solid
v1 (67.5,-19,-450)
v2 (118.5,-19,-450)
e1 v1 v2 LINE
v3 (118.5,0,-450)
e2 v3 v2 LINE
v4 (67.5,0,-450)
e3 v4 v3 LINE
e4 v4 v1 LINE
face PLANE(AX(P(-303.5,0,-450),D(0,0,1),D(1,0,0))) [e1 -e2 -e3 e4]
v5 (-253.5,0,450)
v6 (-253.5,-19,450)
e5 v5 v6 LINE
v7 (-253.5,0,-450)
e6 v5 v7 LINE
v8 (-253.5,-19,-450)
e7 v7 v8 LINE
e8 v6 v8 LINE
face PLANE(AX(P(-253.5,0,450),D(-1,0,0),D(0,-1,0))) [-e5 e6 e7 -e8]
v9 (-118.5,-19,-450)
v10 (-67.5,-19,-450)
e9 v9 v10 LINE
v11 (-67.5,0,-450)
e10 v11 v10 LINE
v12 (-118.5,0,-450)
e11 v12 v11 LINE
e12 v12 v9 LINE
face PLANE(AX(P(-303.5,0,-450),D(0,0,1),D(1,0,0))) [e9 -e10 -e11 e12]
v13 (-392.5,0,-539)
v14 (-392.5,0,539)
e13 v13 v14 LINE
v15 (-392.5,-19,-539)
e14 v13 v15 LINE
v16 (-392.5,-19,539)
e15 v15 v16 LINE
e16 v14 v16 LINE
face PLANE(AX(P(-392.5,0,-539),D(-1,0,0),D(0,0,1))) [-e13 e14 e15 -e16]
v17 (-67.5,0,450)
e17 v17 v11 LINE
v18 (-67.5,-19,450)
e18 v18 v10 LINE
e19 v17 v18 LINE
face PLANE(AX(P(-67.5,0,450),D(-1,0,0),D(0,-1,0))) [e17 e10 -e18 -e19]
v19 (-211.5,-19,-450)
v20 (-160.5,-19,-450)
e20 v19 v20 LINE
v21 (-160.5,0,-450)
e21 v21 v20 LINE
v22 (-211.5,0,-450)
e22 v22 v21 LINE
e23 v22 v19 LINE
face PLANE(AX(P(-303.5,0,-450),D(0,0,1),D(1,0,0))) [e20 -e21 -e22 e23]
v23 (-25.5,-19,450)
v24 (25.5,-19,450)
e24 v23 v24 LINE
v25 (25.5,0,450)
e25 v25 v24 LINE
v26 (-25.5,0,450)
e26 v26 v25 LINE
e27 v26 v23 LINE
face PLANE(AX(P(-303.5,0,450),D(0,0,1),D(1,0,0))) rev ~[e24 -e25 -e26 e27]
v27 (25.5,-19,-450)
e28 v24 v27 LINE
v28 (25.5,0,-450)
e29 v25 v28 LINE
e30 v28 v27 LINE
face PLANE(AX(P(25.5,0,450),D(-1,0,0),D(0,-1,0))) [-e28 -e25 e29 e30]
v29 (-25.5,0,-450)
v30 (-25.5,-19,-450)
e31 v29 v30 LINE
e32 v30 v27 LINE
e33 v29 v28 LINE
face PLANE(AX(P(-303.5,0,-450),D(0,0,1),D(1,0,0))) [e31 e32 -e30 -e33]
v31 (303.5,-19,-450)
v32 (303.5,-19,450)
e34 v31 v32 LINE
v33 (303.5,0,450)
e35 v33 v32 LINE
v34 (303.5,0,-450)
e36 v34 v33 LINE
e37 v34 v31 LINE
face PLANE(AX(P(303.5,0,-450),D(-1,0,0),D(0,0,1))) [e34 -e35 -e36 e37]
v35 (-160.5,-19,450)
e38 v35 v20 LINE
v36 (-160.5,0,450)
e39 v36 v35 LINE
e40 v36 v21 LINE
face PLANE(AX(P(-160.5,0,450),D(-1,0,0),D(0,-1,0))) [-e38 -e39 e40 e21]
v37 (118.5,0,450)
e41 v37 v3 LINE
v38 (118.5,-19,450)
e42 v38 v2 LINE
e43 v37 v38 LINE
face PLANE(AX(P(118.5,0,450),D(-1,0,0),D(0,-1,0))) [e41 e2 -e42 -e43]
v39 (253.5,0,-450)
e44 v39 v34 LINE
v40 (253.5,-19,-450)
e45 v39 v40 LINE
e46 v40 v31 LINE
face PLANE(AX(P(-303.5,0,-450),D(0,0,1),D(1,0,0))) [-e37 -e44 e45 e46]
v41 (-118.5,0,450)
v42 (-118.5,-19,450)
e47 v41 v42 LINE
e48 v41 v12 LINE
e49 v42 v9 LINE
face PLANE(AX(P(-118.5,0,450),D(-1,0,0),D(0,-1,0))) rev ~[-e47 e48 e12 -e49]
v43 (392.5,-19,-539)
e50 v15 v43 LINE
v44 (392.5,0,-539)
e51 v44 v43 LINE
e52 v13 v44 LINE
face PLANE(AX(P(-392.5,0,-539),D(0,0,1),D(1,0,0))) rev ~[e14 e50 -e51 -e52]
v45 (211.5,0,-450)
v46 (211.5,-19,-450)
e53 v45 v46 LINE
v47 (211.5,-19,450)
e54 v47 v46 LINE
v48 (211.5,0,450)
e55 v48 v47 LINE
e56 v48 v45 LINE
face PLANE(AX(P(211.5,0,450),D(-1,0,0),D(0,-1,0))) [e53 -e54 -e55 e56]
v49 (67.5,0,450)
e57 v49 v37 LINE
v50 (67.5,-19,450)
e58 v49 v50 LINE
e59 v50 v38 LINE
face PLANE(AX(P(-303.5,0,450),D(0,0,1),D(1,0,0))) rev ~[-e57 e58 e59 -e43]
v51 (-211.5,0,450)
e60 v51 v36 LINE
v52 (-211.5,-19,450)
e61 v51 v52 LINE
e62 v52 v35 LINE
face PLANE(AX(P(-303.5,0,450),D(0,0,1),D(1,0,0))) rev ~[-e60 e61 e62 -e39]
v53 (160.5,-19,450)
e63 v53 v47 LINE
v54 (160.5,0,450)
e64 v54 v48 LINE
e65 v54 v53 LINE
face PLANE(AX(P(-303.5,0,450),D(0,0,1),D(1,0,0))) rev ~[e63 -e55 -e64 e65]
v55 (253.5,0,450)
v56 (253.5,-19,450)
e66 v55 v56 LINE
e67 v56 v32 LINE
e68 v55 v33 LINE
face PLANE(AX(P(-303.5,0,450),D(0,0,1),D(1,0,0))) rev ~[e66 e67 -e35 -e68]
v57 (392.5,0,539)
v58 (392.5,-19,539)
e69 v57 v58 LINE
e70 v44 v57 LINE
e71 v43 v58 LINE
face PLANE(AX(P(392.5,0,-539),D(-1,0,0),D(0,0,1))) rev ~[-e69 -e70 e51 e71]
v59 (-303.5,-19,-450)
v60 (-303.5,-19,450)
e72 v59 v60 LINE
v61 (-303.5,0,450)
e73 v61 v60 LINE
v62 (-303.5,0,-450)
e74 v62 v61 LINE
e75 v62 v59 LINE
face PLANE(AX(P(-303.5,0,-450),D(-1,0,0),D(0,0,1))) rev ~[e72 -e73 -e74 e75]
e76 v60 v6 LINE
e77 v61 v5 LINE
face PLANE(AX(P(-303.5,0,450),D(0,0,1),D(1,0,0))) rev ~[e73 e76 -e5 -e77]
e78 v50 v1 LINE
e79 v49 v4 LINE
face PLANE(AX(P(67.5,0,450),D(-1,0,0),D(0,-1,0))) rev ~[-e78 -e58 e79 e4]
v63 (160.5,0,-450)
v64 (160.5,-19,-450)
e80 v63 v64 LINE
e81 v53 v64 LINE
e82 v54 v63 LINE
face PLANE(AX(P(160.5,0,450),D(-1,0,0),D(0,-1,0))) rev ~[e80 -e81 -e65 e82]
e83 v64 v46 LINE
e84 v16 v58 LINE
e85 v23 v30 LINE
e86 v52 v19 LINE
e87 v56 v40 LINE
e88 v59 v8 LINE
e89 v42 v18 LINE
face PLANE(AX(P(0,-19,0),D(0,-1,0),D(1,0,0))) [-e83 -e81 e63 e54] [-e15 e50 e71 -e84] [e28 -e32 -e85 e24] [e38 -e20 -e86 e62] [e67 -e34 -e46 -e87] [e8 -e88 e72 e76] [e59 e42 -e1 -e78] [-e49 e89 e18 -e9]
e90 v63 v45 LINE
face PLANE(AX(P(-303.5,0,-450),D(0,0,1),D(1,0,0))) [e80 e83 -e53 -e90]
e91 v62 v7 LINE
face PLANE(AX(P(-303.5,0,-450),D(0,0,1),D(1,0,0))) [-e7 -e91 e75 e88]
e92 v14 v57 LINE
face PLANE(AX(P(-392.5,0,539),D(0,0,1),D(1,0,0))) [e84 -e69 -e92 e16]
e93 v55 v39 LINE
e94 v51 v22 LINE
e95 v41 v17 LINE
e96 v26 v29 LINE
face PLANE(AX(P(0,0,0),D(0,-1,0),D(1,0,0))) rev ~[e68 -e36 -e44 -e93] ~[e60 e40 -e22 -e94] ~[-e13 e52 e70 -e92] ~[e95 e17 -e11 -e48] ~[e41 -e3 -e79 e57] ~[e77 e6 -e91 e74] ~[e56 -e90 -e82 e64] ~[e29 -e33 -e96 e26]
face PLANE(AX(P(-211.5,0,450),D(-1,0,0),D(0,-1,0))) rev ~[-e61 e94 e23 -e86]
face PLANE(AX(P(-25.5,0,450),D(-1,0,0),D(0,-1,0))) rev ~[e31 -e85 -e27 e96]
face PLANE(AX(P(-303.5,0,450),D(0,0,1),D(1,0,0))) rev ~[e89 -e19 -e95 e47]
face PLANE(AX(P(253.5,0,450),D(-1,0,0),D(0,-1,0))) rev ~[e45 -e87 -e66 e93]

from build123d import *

# Parameters (mm, degrees)
F0_W     = 785
F0_H     = 1078
F0_W_2   = 607
F0_H_2   = 900
F1_DEPTH = 19
F2_W     = 42
F2_H     = 19
F3_DEPTH = 900


with BuildPart() as f1:
    # F0 (on Front) → F1 (new body)
    with BuildSketch(Plane.XZ):
        Rectangle(F0_W, F0_H)
        Rectangle(F0_W_2, F0_H_2, mode=Mode.SUBTRACT)
    extrude(amount=F1_DEPTH)

    # F2 (on face) → F3 (join, through all)
    with BuildSketch(Plane(origin=(0, 0, 450), x_dir=(1, 0, 0), z_dir=(0, 0, -1))):
        with Locations((-232.5, 9.5)):
            Rectangle(F2_W, F2_H)
        with Locations((-139.5, 9.5)):
            Rectangle(F2_W, F2_H)
        with Locations((-46.5, 9.5)):
            Rectangle(F2_W, F2_H)
        with Locations((46.5, 9.5)):
            Rectangle(F2_W, F2_H)
        with Locations((139.5, 9.5)):
            Rectangle(F2_W, F2_H)
        with Locations((232.5, 9.5)):
            Rectangle(F2_W, F2_H)
    extrude(amount=F3_DEPTH)


solid = f1.part
